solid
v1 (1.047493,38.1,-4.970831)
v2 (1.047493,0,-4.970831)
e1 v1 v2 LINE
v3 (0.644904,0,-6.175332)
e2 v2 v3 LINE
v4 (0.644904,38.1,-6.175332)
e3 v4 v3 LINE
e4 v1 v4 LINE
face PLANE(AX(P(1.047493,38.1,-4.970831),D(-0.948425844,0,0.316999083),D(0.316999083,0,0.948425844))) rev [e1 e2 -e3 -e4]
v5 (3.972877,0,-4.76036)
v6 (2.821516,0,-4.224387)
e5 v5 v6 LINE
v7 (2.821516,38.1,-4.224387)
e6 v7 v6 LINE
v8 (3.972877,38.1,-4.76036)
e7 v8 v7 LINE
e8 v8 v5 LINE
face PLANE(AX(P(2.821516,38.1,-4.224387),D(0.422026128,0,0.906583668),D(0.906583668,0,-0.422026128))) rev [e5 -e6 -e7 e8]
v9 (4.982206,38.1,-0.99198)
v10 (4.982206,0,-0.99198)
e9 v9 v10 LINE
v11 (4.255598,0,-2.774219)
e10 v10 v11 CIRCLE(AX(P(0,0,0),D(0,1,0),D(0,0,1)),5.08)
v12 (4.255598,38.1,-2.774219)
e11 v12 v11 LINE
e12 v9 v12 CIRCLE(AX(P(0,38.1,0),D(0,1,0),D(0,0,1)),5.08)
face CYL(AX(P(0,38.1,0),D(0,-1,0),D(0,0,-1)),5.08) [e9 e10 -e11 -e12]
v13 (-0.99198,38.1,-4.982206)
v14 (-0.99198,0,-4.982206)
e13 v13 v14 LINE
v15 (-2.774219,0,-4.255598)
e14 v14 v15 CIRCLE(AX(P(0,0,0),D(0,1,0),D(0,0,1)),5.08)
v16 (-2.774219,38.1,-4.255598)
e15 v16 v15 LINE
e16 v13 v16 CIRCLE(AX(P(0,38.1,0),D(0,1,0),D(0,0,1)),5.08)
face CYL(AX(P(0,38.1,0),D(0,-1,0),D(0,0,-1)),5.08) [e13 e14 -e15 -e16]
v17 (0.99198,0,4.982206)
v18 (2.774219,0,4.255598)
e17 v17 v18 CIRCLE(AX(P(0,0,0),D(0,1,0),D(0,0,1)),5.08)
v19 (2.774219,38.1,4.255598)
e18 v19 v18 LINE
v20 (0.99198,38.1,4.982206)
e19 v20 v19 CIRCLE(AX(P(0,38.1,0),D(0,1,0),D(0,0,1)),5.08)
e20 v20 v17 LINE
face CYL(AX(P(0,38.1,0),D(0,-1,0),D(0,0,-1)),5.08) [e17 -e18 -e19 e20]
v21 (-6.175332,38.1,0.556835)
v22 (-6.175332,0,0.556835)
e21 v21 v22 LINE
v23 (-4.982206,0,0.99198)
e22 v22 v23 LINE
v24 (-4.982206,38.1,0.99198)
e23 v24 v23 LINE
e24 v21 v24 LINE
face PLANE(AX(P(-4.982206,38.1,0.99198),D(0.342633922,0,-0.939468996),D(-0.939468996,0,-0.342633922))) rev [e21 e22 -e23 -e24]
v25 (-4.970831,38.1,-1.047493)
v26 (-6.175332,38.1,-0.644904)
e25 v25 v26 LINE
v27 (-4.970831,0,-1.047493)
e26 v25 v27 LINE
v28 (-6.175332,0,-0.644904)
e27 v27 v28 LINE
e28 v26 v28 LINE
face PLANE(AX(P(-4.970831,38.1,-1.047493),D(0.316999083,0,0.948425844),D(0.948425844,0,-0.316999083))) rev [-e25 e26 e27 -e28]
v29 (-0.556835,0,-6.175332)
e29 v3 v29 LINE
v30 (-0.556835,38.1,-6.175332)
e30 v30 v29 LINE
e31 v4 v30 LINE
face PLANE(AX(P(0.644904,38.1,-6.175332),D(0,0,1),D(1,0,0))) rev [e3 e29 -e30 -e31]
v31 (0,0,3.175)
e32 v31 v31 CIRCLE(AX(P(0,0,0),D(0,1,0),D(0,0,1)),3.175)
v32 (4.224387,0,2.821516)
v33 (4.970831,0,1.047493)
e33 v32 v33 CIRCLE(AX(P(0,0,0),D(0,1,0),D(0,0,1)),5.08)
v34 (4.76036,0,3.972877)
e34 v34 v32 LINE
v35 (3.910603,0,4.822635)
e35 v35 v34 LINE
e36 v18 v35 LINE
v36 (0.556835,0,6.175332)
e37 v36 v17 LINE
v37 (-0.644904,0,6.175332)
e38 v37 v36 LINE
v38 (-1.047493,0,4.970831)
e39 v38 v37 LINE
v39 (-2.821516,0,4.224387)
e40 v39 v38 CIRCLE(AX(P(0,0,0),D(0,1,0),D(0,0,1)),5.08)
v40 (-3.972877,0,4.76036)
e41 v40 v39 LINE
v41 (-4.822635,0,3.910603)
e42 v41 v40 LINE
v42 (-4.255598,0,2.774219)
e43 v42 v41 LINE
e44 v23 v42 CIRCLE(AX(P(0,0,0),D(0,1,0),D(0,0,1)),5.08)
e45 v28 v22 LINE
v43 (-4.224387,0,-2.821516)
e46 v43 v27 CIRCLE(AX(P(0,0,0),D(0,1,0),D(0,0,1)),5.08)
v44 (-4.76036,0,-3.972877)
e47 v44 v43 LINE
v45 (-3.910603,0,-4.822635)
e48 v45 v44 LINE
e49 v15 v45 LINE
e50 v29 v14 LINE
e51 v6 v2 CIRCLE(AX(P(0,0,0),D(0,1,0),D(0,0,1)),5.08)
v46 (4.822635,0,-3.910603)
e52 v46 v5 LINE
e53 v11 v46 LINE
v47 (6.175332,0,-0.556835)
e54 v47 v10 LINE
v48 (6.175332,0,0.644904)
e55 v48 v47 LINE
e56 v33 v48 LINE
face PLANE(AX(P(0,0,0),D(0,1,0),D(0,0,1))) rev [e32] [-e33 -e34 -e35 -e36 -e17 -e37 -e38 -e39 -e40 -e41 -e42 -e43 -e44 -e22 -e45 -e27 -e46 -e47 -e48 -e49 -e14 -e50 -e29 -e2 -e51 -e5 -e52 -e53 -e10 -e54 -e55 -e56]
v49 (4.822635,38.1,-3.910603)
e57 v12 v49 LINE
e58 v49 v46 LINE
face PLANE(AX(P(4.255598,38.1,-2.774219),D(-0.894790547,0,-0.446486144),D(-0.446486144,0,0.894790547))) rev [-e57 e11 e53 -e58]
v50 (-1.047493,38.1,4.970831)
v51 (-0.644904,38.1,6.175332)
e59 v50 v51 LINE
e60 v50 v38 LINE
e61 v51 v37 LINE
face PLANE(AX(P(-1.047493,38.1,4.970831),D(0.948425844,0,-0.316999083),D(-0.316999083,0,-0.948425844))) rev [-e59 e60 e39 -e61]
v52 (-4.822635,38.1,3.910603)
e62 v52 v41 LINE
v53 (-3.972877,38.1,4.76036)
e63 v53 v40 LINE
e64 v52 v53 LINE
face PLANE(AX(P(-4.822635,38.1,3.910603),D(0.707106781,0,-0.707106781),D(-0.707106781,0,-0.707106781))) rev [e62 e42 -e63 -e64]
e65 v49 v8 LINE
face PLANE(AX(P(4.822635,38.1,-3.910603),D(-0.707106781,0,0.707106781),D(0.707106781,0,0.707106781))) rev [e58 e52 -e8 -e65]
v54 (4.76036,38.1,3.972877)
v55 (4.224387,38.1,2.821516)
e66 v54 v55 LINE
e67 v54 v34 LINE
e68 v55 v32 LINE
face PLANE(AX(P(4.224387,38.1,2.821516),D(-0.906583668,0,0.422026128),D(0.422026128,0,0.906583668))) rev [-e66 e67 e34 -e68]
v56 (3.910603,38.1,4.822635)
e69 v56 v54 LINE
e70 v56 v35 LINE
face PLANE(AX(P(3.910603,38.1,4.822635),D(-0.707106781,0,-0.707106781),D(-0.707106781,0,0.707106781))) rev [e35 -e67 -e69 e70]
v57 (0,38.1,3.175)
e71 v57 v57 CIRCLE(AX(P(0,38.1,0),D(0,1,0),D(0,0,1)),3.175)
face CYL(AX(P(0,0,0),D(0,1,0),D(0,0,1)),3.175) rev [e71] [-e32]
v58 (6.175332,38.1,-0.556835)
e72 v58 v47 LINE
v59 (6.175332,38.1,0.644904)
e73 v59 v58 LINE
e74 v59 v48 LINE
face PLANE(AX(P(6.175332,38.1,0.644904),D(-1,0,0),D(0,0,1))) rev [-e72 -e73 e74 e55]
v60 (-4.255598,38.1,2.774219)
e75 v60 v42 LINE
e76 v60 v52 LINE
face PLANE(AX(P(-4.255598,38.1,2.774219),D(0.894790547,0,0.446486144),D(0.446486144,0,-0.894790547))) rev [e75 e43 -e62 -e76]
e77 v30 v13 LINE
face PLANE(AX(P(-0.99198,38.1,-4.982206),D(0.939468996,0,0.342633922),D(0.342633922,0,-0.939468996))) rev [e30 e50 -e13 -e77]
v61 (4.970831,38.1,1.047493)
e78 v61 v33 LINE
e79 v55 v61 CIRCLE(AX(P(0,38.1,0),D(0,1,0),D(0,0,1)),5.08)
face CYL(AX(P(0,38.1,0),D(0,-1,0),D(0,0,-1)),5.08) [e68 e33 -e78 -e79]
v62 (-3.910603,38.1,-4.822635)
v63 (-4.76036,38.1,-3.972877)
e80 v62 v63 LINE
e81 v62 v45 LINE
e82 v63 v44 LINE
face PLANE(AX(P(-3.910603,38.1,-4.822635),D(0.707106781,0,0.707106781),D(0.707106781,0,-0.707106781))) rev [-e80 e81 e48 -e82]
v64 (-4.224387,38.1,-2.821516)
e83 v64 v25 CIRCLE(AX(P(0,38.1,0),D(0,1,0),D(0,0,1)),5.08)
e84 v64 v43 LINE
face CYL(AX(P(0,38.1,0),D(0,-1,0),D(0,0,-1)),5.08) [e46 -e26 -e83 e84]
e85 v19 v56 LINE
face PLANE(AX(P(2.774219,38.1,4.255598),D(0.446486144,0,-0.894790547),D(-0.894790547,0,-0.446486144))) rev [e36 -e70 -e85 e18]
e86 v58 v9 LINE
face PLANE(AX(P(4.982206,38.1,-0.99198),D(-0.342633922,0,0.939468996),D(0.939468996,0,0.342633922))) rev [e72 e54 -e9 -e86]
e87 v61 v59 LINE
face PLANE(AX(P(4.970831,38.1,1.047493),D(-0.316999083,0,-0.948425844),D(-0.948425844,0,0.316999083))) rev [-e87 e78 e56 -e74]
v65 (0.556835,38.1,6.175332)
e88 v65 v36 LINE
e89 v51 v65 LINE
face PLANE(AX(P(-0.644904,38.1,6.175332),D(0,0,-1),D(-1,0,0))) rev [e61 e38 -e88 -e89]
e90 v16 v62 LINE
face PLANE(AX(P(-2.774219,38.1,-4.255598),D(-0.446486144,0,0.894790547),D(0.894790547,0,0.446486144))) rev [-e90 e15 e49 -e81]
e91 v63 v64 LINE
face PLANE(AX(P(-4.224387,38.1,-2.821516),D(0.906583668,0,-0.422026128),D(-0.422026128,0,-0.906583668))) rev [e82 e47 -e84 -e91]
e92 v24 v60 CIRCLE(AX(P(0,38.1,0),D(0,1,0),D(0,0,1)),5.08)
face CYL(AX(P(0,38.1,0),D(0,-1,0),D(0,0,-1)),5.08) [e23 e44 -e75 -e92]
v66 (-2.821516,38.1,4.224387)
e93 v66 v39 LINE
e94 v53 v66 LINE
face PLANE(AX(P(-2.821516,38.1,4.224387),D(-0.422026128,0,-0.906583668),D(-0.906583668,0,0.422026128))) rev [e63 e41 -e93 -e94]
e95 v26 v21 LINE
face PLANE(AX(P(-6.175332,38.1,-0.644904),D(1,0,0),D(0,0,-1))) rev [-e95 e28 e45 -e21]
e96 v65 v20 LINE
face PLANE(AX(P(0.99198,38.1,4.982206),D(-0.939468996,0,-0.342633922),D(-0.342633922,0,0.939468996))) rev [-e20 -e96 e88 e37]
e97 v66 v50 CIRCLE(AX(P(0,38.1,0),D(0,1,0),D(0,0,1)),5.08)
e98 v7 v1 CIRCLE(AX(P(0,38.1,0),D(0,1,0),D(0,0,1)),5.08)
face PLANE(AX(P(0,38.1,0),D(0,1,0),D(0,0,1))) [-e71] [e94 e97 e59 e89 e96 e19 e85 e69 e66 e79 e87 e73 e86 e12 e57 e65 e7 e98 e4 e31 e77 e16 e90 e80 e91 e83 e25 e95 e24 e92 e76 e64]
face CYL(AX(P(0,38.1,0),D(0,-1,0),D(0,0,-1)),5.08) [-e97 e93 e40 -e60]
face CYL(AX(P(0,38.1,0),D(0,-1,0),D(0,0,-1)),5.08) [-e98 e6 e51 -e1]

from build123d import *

# Parameters (mm, degrees)
BOSS_EXTRUDE1_DEPTH = 38.1
SKETCH2_R           = 3.175
CUT_EXTRUDE1_DEPTH  = 39.1


with BuildPart() as part:
    # Sketch1 → Boss-Extrude1 (new body)
    with BuildSketch(Plane(origin=(0, 0, 0), x_dir=(1, 0, 0), z_dir=(0, 1, 0))):
        with BuildLine():
            Line((1.047492977, 4.970830762), (0.644904142, 6.175331583))
            Line((0.644904142, 6.175331583), (-0.556834652, 6.175331583))
            Line((-0.556834652, 6.175331583), (-0.991979734, 4.982205958))
            ThreePointArc((-0.991979734, 4.982205958), (-1.917824995, 4.70407773), (-2.774218752, 4.255597527))
            Line((-2.774218752, 4.255597527), (-3.910602747, 4.822634931))
            Line((-3.910602747, 4.822634931), (-4.760360397, 3.97287728))
            Line((-4.760360397, 3.97287728), (-4.224387215, 2.821516022))
            ThreePointArc((-4.224387215, 2.821516022), (-4.682392321, 1.970178203), (-4.970830762, 1.047492977))
            Line((-4.970830762, 1.047492977), (-6.175331583, 0.644904142))
            Line((-6.175331583, 0.644904142), (-6.175331583, -0.556834652))
            Line((-6.175331583, -0.556834652), (-4.982205958, -0.991979734))
            ThreePointArc((-4.982205958, -0.991979734), (-4.70407773, -1.917824995), (-4.255597527, -2.774218752))
            Line((-4.255597527, -2.774218752), (-4.822634931, -3.910602747))
            Line((-4.822634931, -3.910602747), (-3.97287728, -4.760360397))
            Line((-3.97287728, -4.760360397), (-2.821516022, -4.224387215))
            ThreePointArc((-2.821516022, -4.224387215), (-1.970178203, -4.682392321), (-1.047492977, -4.970830762))
            Line((-1.047492977, -4.970830762), (-0.644904142, -6.175331583))
            Line((-0.644904142, -6.175331583), (0.556834652, -6.175331583))
            Line((0.556834652, -6.175331583), (0.991979734, -4.982205958))
            ThreePointArc((0.991979734, -4.982205958), (1.917824995, -4.70407773), (2.774218752, -4.255597527))
            Line((2.774218752, -4.255597527), (3.910602747, -4.822634931))
            Line((3.910602747, -4.822634931), (4.760360397, -3.97287728))
            Line((4.760360397, -3.97287728), (4.224387215, -2.821516022))
            ThreePointArc((4.224387215, -2.821516022), (4.682392321, -1.970178203), (4.970830762, -1.047492977))
            Line((4.970830762, -1.047492977), (6.175331583, -0.644904142))
            Line((6.175331583, -0.644904142), (6.175331583, 0.556834652))
            Line((6.175331583, 0.556834652), (4.982205958, 0.991979734))
            ThreePointArc((4.982205958, 0.991979734), (4.70407773, 1.917824995), (4.255597527, 2.774218752))
            Line((4.255597527, 2.774218752), (4.822634931, 3.910602747))
            Line((4.822634931, 3.910602747), (3.97287728, 4.760360397))
            Line((3.97287728, 4.760360397), (2.821516022, 4.224387215))
            ThreePointArc((2.821516022, 4.224387215), (1.970178203, 4.682392321), (1.047492977, 4.970830762))
        make_face()
    extrude(amount=BOSS_EXTRUDE1_DEPTH)

    # Sketch2 → Cut-Extrude1 (cut, through all)
    with BuildSketch(Plane(origin=(0, 38.1, 0), x_dir=(1, 0, 0), z_dir=(0, 1, 0))):
        Circle(SKETCH2_R)
    extrude(amount=-CUT_EXTRUDE1_DEPTH, mode=Mode.SUBTRACT)


solid = part.part
